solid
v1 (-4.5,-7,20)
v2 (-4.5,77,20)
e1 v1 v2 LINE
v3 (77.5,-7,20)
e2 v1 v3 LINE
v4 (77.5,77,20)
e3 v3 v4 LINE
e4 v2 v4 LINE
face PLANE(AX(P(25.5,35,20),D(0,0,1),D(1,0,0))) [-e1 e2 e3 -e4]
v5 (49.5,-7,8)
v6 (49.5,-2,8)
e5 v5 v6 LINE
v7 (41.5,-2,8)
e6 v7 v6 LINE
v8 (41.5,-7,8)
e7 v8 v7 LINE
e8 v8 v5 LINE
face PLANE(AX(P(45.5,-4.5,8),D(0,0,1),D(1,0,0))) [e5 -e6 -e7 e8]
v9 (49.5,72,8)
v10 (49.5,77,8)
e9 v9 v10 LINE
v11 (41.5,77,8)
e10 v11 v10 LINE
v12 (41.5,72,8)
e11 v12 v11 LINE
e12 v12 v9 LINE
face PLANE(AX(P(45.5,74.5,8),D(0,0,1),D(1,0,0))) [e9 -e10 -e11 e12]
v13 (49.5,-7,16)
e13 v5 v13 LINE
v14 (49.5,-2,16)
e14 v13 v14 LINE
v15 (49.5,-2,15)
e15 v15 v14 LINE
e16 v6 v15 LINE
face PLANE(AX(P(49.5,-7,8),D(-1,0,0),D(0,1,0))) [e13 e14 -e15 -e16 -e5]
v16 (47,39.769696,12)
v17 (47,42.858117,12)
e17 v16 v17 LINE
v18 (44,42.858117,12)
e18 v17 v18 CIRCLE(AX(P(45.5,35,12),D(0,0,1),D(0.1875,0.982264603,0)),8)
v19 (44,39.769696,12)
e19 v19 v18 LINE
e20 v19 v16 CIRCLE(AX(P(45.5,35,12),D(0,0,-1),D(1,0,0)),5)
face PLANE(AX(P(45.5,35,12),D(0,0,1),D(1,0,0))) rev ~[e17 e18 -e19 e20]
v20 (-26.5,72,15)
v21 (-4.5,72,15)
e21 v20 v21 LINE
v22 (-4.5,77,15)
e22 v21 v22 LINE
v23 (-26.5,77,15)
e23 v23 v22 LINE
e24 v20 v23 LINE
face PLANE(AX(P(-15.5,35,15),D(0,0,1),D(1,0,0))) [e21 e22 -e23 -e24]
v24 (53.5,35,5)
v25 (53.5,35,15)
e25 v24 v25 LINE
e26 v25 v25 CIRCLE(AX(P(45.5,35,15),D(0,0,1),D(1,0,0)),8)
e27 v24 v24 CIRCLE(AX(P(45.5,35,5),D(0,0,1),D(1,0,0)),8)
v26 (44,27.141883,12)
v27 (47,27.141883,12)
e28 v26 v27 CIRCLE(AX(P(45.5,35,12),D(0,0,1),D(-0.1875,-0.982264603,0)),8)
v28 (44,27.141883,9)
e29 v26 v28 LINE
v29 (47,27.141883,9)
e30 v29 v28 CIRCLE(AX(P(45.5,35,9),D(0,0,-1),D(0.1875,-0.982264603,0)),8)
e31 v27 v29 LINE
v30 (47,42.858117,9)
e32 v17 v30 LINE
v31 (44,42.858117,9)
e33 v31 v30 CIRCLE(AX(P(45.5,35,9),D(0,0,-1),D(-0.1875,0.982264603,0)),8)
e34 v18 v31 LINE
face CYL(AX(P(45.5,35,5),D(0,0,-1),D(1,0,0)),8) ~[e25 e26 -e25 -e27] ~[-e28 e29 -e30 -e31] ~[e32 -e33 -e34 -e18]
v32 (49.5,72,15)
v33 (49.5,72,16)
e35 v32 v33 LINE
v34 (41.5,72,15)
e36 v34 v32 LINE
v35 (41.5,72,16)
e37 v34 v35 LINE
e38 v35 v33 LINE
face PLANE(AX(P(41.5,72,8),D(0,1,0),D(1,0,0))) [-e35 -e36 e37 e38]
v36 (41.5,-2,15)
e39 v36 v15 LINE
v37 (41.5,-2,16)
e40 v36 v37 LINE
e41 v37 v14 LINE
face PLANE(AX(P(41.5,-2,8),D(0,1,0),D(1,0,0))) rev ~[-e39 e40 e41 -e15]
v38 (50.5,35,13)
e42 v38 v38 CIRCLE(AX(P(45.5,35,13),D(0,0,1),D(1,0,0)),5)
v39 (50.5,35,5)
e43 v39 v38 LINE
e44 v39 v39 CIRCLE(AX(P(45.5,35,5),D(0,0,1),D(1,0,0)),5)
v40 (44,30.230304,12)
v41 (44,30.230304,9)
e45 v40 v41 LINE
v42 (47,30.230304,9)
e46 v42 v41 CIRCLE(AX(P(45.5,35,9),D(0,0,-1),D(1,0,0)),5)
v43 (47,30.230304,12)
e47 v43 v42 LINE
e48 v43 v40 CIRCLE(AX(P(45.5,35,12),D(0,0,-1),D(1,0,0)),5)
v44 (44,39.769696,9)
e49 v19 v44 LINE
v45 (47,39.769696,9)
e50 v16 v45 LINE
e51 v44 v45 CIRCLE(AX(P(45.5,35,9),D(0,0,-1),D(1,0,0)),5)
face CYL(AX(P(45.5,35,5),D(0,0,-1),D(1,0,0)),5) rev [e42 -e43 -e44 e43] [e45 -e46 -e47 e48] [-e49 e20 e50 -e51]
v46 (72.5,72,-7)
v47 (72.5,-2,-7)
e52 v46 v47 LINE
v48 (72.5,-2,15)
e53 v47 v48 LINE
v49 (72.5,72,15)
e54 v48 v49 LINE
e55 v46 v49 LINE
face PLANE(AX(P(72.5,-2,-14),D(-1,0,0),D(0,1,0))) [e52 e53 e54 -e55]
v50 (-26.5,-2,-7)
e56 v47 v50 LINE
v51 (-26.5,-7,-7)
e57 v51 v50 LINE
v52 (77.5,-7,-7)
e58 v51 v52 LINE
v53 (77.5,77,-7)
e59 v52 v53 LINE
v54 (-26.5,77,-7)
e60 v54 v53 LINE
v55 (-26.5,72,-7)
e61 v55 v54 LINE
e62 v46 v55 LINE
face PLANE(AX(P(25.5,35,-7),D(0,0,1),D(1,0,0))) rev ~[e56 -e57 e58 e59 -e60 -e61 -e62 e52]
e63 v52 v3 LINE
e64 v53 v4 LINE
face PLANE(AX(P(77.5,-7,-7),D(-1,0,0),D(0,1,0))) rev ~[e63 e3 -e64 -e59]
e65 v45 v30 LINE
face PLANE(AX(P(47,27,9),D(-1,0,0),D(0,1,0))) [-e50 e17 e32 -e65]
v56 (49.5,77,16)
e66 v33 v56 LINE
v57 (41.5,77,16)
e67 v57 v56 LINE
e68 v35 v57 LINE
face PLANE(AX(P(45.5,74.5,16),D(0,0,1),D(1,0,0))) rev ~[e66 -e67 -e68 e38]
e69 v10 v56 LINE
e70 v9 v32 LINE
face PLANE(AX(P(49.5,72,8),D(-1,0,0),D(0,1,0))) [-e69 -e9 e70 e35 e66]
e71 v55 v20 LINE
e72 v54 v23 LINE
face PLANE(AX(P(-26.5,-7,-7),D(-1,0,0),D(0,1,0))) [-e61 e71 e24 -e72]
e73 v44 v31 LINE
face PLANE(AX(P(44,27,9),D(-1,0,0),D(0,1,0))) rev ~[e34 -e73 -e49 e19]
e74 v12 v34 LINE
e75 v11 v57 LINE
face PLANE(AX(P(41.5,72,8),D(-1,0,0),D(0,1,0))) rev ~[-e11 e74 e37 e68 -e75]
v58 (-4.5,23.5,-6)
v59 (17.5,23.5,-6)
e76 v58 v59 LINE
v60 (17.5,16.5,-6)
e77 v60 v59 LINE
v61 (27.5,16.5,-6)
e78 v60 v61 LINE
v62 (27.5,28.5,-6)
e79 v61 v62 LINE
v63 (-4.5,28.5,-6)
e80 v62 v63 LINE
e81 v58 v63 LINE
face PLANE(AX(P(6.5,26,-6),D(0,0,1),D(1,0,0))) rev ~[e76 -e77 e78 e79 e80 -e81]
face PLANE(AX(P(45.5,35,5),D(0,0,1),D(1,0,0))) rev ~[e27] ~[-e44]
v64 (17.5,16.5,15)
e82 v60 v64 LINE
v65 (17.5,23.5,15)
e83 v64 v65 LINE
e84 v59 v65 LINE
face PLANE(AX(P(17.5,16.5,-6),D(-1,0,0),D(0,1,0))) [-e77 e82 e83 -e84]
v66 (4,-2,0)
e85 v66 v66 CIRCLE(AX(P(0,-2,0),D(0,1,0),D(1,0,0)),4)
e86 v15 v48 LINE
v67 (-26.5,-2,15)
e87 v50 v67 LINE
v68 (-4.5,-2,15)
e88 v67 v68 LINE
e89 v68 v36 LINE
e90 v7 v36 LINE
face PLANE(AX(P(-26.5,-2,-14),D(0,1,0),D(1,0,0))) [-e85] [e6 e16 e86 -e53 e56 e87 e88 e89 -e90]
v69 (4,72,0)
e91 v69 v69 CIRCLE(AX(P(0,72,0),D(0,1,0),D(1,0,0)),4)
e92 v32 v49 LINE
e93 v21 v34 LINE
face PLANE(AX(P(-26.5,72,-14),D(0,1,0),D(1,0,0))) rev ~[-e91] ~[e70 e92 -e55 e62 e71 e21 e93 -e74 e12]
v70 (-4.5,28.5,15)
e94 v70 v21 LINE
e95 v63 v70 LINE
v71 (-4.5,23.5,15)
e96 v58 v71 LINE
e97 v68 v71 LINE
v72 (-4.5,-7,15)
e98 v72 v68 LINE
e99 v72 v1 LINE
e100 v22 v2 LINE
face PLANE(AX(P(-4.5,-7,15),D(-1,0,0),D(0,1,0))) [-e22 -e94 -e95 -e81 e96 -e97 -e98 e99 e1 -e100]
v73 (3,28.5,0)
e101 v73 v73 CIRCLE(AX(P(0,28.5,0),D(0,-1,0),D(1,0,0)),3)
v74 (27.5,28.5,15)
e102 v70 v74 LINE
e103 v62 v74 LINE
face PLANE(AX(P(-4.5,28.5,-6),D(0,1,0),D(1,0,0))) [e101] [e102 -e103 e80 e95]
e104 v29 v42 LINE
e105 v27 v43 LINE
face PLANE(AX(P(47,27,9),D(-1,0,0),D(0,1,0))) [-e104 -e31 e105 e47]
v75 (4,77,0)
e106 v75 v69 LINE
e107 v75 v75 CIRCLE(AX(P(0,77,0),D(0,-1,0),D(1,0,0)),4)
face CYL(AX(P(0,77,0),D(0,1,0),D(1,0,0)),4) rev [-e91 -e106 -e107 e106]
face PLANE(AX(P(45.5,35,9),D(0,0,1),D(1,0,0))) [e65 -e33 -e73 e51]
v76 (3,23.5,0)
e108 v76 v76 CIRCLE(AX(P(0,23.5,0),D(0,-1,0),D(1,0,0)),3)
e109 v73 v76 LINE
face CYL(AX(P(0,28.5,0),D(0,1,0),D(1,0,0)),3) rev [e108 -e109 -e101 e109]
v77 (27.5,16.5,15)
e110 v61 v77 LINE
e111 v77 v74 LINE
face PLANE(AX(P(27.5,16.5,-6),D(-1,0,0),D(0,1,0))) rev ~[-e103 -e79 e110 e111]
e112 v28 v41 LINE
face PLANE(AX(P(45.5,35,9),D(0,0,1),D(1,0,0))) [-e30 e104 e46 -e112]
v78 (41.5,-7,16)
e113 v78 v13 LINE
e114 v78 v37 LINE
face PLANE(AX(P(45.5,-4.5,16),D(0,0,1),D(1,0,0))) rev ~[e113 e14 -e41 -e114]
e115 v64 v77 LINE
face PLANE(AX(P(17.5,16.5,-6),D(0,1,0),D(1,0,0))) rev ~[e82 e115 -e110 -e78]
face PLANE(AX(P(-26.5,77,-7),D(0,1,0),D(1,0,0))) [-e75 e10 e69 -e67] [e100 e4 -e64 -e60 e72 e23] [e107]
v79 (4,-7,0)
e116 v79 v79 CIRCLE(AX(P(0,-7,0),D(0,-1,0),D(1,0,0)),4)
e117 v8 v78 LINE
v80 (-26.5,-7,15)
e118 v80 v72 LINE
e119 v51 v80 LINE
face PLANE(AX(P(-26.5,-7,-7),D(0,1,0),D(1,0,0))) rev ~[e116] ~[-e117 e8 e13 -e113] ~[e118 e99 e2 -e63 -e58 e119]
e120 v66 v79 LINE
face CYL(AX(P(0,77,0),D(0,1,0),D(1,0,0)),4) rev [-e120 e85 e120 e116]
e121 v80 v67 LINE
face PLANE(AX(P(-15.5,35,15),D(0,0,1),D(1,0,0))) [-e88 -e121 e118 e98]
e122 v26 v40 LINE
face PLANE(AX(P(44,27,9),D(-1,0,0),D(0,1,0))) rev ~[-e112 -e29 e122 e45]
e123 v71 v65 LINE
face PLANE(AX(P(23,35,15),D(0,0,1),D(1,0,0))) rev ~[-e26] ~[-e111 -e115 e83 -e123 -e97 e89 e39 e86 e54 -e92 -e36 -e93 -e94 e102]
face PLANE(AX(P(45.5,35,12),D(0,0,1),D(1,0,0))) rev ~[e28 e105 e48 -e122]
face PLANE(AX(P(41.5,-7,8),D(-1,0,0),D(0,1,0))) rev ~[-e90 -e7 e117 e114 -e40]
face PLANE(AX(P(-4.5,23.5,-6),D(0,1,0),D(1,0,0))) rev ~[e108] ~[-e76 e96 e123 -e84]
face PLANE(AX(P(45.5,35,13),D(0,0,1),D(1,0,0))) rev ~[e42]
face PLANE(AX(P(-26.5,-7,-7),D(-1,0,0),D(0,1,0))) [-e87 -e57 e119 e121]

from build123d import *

# Parameters (mm, degrees)
CYLINDER003_R     = 3
CYLINDER003_DEPTH = 5
BOX006_W          = 22
BOX006_H          = 5
BOX006_DEPTH      = 21
BOX007_W          = 10
BOX007_H          = 12
BOX007_DEPTH      = 21
CYLINDER007_R     = 5
CYLINDER007_DEPTH = 8
BOX010_W          = 3
BOX010_H          = 16
BOX010_DEPTH      = 3
CYLINDER006_R     = 8
CYLINDER006_DEPTH = 10
CYLINDER001_R     = 4
CYLINDER001_DEPTH = 84
BOX017_W          = 8
BOX017_H          = 5
BOX017_DEPTH      = 8
BOX018_W          = 8
BOX018_H          = 5
BOX018_DEPTH      = 8
BOX019_W          = 22
BOX019_H          = 84
BOX019_DEPTH      = 5
BOX003_W          = 99
BOX003_H          = 74
BOX003_DEPTH      = 29
BOX002_W          = 104
BOX002_H          = 84
BOX002_DEPTH      = 27


with BuildPart() as pivotmountinghole:
    # Cylinder003 → Cylinder003 (new body)
    with BuildSketch(Plane(origin=(19.5, 28.5, 14), x_dir=(1, 0, 0), z_dir=(0, -1, 0))):
        Circle(CYLINDER003_R)
    extrude(amount=CYLINDER003_DEPTH)


with BuildPart() as pivotplate:
    # Box006 → Box006 (new body)
    with BuildSketch(Plane(origin=(15, 23.5, 8), x_dir=(1, 0, 0), z_dir=(0, 0, 1))):
        with Locations((11, 2.5)):
            Rectangle(BOX006_W, BOX006_H)
    extrude(amount=BOX006_DEPTH)


with BuildPart() as pivotmount:
    # Box007 → Box007 (new body)
    with BuildSketch(Plane(origin=(37, 16.5, 8), x_dir=(1, 0, 0), z_dir=(0, 0, 1))):
        with Locations((5, 6)):
            Rectangle(BOX007_W, BOX007_H)
    extrude(amount=BOX007_DEPTH)

    # Fusion003: union PivotPlate
    add(pivotplate.part)

    # Cut003: cut PivotMountingHole
    add(pivotmountinghole.part, mode=Mode.SUBTRACT)


with BuildPart() as topspringholeinner:
    # Cylinder007 → Cylinder007 (new body)
    with BuildSketch(Plane(origin=(65, 35, 19), x_dir=(1, 0, 0), z_dir=(0, 0, 1))):
        Circle(CYLINDER007_R)
    extrude(amount=CYLINDER007_DEPTH)


with BuildPart() as topspringholecutout:
    # Box010 → Box010 (new body)
    with BuildSketch(Plane(origin=(63.5, 27, 23), x_dir=(1, 0, 0), z_dir=(0, 0, 1))):
        with Locations((1.5, 8)):
            Rectangle(BOX010_W, BOX010_H)
    extrude(amount=BOX010_DEPTH)

    # Fusion005: union TopSpringHoleInner
    add(topspringholeinner.part)


with BuildPart() as topspringcaptive:
    # Cylinder006 → Cylinder006 (new body)
    with BuildSketch(Plane(origin=(65, 35, 19), x_dir=(1, 0, 0), z_dir=(0, 0, 1))):
        Circle(CYLINDER006_R)
    extrude(amount=CYLINDER006_DEPTH)

    # Cut005: cut TopSpringHoleCutout
    add(topspringholecutout.part, mode=Mode.SUBTRACT)


with BuildPart() as pivotaxistop:
    # Cylinder001 → Cylinder001 (new body)
    with BuildSketch(Plane(origin=(19.5, 77, 14), x_dir=(1, 0, 0), z_dir=(0, -1, 0))):
        Circle(CYLINDER001_R)
    extrude(amount=CYLINDER001_DEPTH)


with BuildPart() as topspringsplitpinhole1:
    # Box017 → Box017 (new body)
    with BuildSketch(Plane(origin=(61, 72, 22), x_dir=(1, 0, 0), z_dir=(0, 0, 1))):
        with Locations((4, 2.5)):
            Rectangle(BOX017_W, BOX017_H)
    extrude(amount=BOX017_DEPTH)


with BuildPart() as topspringsplitpinhole2:
    # Box018 → Box018 (new body)
    with BuildSketch(Plane(origin=(61, -7, 22), x_dir=(1, 0, 0), z_dir=(0, 0, 1))):
        with Locations((4, 2.5)):
            Rectangle(BOX018_W, BOX018_H)
    extrude(amount=BOX018_DEPTH)


with BuildPart() as toppedalhingecutout:
    # Box019 → Box019 (new body)
    with BuildSketch(Plane(origin=(-7, -7, 29), x_dir=(1, 0, 0), z_dir=(0, 0, 1))):
        with Locations((11, 42)):
            Rectangle(BOX019_W, BOX019_H)
    extrude(amount=BOX019_DEPTH)


with BuildPart() as toppedalcutout:
    # Box003 → Box003 (new body)
    with BuildSketch(Plane(origin=(-7, -2, 0), x_dir=(1, 0, 0), z_dir=(0, 0, 1))):
        with Locations((49.5, 37)):
            Rectangle(BOX003_W, BOX003_H)
    extrude(amount=BOX003_DEPTH)

    # Fusion001: union PivotAxisTop, TopSpringSplitPinHole1, TopSpringSplitPinHole2, TopPedalHingeCutout
    add(pivotaxistop.part)
    add(topspringsplitpinhole1.part)
    add(topspringsplitpinhole2.part)
    add(toppedalhingecutout.part)


with BuildPart() as toppedalprerotate:
    # Box002 → Box002 (new body)
    with BuildSketch(Plane(origin=(-7, -7, 7), x_dir=(1, 0, 0), z_dir=(0, 0, 1))):
        with Locations((52, 42)):
            Rectangle(BOX002_W, BOX002_H)
    extrude(amount=BOX002_DEPTH)

    # Cut001: cut TopPedalCutout
    add(toppedalcutout.part, mode=Mode.SUBTRACT)

    # Fusion006: union PivotMount, TopSpringCaptive
    add(pivotmount.part)
    add(topspringcaptive.part)


with BuildPart() as toppedalprerotate_1:
    # Fusion006 placement: moved
    add(toppedalprerotate.part.moved(Location((-19.5, 0, -14))))


solid = toppedalprerotate_1.part
